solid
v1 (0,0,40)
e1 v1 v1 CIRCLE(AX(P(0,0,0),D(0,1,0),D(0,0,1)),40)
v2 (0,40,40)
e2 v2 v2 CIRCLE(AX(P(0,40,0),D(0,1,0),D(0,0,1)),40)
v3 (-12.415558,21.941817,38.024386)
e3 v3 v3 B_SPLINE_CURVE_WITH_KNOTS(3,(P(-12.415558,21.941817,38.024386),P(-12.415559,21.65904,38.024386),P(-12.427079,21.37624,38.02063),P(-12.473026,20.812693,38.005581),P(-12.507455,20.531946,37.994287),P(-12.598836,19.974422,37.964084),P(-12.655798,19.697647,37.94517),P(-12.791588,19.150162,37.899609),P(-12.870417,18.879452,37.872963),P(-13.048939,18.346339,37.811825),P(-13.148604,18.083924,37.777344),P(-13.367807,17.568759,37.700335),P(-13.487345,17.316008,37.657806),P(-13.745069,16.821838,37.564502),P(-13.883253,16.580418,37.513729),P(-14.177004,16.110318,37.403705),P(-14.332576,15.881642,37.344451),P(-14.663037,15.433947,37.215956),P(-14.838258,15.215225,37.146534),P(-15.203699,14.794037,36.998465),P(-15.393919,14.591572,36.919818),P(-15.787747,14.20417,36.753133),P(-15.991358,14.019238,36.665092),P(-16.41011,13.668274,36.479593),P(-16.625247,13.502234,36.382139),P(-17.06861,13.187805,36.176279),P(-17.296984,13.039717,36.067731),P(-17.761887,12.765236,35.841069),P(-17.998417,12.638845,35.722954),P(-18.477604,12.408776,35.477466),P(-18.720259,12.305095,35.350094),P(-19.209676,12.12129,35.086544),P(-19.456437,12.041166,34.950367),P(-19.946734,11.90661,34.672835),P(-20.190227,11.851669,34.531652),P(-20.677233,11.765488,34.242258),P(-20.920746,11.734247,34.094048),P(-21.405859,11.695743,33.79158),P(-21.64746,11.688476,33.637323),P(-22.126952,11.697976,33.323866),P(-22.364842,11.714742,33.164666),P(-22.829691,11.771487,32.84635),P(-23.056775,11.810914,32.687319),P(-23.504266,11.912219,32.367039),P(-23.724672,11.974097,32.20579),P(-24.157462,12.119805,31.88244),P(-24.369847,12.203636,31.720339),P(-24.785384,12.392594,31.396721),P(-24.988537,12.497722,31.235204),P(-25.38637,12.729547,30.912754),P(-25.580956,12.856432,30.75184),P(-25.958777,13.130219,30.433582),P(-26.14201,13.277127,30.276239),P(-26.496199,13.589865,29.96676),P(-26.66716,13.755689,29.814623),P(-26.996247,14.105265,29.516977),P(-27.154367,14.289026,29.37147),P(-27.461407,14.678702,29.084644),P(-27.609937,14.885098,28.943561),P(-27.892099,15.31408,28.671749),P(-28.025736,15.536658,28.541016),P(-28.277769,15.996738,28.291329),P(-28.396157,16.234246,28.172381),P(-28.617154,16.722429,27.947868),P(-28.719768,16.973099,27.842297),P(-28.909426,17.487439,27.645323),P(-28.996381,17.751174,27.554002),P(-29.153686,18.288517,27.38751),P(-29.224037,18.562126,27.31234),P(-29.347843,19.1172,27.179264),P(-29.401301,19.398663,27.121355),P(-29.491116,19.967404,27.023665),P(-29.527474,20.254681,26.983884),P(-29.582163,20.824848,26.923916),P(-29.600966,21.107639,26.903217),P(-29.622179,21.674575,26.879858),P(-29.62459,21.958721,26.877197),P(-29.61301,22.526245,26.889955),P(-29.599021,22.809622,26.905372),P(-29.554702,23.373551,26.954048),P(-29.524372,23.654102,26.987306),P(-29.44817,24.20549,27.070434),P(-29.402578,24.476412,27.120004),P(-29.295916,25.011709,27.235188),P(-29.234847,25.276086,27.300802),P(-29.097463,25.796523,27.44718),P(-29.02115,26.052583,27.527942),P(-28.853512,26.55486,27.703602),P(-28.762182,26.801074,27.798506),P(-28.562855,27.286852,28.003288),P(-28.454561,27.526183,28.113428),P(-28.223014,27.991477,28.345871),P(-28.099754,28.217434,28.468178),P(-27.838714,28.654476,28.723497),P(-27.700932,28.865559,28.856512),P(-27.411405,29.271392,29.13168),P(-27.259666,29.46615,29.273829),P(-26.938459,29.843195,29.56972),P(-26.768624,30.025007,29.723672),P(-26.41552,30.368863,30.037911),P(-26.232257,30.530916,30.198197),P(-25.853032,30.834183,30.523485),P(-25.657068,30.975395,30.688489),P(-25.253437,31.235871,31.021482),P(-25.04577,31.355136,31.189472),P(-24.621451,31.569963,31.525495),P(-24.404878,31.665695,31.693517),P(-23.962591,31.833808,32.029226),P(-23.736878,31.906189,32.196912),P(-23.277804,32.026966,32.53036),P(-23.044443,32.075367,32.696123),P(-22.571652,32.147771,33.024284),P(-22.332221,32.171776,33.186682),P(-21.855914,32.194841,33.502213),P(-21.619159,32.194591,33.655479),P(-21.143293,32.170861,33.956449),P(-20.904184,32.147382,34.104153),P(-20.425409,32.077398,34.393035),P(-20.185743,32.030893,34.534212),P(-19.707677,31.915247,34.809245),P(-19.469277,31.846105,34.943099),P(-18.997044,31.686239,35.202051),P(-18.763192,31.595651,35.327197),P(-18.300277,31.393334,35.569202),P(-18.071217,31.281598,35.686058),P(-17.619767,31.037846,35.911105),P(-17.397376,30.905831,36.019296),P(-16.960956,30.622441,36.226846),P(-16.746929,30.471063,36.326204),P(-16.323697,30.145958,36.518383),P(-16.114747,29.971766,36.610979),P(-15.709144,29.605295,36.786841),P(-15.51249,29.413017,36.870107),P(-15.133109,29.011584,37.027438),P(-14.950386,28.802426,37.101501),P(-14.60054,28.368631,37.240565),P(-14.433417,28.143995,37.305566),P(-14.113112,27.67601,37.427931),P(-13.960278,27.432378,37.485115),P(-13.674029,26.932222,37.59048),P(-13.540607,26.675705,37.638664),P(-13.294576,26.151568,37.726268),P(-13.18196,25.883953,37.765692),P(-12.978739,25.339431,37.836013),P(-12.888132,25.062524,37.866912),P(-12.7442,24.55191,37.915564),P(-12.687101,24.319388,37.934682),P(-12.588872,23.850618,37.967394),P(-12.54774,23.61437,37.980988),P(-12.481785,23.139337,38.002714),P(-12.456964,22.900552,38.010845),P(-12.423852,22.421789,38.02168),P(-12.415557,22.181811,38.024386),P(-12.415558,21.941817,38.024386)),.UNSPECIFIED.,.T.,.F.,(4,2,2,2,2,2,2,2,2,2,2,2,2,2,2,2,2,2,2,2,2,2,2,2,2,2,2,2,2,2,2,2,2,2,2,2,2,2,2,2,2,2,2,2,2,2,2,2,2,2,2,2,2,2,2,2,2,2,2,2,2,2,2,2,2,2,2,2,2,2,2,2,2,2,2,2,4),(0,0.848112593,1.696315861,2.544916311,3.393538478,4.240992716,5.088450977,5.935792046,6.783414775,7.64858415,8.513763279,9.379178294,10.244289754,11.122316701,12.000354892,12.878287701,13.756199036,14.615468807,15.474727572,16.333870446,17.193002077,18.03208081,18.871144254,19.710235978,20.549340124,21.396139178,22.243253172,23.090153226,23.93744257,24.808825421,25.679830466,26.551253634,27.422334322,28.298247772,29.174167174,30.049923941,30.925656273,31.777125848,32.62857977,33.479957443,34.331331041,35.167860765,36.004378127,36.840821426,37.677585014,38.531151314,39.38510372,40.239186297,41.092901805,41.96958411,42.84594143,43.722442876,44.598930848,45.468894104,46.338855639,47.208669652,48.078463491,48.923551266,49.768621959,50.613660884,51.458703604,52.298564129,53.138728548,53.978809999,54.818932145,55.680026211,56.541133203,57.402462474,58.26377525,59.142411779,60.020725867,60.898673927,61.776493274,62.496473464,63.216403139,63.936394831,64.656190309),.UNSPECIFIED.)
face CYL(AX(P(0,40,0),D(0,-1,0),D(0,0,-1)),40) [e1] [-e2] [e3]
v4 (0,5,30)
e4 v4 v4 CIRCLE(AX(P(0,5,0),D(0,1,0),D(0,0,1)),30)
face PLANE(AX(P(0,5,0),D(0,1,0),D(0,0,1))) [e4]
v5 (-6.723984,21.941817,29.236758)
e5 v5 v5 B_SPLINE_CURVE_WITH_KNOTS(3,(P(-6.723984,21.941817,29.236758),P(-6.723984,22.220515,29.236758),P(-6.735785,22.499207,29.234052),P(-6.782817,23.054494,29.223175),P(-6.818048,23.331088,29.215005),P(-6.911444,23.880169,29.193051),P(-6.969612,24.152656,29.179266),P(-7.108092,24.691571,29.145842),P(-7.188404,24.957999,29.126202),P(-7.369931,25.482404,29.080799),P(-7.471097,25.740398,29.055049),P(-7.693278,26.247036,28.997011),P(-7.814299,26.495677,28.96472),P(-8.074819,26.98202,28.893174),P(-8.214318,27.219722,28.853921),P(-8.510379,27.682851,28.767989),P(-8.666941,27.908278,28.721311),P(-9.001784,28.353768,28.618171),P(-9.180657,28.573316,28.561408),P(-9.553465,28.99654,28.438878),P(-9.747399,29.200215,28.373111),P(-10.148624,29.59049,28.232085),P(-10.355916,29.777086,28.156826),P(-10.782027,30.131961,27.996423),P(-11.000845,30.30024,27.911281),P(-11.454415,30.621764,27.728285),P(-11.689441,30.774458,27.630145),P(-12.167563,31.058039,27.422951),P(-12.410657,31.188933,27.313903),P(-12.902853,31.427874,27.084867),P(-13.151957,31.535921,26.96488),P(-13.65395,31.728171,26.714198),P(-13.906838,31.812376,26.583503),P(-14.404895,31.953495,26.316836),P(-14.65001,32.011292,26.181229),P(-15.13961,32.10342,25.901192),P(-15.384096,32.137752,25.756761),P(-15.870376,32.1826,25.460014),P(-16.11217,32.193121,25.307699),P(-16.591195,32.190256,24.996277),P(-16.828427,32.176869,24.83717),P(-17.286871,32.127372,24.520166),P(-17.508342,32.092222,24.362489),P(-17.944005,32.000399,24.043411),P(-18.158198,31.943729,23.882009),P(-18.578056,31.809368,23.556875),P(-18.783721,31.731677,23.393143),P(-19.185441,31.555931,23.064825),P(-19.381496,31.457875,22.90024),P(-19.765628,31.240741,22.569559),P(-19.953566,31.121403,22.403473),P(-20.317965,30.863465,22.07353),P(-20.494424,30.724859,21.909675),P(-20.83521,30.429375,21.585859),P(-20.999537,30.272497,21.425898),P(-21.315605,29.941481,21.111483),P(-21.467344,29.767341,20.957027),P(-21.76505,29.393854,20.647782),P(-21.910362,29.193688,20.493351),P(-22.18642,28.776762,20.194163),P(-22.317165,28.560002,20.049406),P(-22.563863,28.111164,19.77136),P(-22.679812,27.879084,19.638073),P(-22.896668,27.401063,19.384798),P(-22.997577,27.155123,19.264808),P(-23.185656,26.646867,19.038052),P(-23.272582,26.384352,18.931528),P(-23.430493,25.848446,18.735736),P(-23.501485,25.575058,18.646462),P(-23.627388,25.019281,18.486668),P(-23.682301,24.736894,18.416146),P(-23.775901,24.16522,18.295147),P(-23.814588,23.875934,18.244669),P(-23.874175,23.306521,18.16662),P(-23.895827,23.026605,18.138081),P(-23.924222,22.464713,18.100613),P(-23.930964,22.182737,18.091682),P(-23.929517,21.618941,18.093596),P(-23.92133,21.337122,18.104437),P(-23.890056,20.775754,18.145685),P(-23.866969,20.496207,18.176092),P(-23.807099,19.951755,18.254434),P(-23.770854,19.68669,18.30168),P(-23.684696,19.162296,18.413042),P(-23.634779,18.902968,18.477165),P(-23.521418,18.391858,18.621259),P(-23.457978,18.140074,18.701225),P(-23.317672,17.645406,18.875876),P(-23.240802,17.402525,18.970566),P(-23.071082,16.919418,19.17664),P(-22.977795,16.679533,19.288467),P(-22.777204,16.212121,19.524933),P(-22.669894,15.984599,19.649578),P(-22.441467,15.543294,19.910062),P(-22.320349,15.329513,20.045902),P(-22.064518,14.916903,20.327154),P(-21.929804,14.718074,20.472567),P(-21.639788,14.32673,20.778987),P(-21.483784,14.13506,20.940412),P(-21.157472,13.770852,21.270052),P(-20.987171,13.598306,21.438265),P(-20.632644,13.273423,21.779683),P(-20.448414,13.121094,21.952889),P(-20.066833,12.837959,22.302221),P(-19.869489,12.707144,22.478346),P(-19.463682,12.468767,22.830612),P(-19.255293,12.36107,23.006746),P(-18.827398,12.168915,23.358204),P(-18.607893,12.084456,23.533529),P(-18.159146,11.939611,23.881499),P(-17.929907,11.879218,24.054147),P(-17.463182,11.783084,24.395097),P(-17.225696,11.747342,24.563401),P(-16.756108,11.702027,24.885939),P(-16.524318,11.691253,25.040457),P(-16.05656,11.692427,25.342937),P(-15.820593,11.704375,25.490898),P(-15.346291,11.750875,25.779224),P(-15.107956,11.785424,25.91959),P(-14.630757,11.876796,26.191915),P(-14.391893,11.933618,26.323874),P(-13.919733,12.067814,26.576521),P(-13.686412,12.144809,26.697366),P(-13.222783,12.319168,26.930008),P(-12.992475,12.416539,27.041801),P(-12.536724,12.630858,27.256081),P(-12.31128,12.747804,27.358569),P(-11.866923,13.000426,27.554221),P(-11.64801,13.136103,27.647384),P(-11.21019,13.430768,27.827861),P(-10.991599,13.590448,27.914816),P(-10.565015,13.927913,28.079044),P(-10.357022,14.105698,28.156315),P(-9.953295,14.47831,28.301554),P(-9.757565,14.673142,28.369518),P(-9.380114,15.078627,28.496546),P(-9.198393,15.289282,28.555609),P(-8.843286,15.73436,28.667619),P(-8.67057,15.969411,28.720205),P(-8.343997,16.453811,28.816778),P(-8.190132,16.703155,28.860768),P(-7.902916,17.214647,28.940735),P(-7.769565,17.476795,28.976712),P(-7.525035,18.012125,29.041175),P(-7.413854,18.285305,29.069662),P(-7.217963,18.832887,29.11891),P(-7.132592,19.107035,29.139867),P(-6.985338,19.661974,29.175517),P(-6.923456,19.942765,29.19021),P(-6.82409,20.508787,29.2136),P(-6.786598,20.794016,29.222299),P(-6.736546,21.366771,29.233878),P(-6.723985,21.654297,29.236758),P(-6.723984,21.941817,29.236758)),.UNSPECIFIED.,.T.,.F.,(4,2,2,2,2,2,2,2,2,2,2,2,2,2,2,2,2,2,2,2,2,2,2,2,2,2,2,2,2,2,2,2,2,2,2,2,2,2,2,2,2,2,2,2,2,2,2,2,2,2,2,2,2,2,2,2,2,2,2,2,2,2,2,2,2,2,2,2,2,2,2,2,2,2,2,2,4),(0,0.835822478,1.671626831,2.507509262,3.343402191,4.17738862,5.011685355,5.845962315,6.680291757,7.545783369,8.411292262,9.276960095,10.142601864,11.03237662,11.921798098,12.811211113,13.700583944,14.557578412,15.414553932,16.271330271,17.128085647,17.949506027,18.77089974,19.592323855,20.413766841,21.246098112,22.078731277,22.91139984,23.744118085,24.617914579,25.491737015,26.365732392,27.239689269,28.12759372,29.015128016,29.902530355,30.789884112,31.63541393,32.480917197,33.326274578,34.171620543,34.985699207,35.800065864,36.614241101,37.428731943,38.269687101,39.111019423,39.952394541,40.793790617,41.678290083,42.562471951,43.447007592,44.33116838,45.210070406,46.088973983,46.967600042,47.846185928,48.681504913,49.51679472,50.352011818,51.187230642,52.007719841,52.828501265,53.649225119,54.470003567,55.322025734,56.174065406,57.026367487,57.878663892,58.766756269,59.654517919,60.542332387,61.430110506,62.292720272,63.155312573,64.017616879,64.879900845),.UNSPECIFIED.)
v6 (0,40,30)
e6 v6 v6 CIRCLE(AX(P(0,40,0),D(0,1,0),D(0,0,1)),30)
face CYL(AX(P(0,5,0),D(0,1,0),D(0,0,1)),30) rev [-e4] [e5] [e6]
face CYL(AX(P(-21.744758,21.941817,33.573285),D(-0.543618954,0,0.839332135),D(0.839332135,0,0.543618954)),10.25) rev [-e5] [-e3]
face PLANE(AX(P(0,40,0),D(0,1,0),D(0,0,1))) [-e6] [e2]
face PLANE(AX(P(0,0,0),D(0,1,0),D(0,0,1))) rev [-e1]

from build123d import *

# Parameters (mm, degrees)
SKETCH_1_R                     = 40
EXTRUDE_1_DEPTH                = 40
SKETCH_3_R                     = 30
CUT_EXTRUDE_2_DEPTH            = 35
HOLE_WIZARD_20_5_20_5_1_REACH  = 100.524
HOLE_WIZARD_20_5_20_5_1_BORE_R = 10.25


with BuildPart() as part:
    # 草圖1 → 填料-伸長1 (new body)
    with BuildSketch(Plane(origin=(0, 0, 0), x_dir=(1, 0, 0), z_dir=(0, 1, 0))):
        with Locations(Location((0, 0, 0), (0, 0, 270))):
            Circle(SKETCH_1_R)
    extrude(amount=EXTRUDE_1_DEPTH)

    # 草圖3 → 除料-伸長2 (cut)
    with BuildSketch(Plane(origin=(0, 40, 0), x_dir=(1, 0, 0), z_dir=(0, 1, 0))):
        with Locations(Location((0, 0, 0), (0, 0, 270))):
            Circle(SKETCH_3_R)
    extrude(amount=-CUT_EXTRUDE_2_DEPTH, mode=Mode.SUBTRACT)

    # Ø20.5 (20.5) 直徑孔1 bore (on position points) → Ø20.5 (20.5) 直徑孔1 (cut, up to next)
    with BuildSketch(Plane(origin=(-21.744758151, 21.94181737, 33.573285406), x_dir=(0.839332135156, 0, 0.543618953768), z_dir=(-0.543618953768, 0, 0.839332135156)), mode=Mode.PRIVATE) as hole_wizard_20_5_20_5_1_sk1:
        Circle(HOLE_WIZARD_20_5_20_5_1_BORE_R)
    hole_wizard_20_5_20_5_1_tool1 = extrude(hole_wizard_20_5_20_5_1_sk1.sketch, amount=-HOLE_WIZARD_20_5_20_5_1_REACH, mode=Mode.PRIVATE) & part.part
    add(hole_wizard_20_5_20_5_1_tool1.solids().sort_by_distance((-21.744758, 21.941817, 33.573285))[0], mode=Mode.SUBTRACT)


solid = part.part
